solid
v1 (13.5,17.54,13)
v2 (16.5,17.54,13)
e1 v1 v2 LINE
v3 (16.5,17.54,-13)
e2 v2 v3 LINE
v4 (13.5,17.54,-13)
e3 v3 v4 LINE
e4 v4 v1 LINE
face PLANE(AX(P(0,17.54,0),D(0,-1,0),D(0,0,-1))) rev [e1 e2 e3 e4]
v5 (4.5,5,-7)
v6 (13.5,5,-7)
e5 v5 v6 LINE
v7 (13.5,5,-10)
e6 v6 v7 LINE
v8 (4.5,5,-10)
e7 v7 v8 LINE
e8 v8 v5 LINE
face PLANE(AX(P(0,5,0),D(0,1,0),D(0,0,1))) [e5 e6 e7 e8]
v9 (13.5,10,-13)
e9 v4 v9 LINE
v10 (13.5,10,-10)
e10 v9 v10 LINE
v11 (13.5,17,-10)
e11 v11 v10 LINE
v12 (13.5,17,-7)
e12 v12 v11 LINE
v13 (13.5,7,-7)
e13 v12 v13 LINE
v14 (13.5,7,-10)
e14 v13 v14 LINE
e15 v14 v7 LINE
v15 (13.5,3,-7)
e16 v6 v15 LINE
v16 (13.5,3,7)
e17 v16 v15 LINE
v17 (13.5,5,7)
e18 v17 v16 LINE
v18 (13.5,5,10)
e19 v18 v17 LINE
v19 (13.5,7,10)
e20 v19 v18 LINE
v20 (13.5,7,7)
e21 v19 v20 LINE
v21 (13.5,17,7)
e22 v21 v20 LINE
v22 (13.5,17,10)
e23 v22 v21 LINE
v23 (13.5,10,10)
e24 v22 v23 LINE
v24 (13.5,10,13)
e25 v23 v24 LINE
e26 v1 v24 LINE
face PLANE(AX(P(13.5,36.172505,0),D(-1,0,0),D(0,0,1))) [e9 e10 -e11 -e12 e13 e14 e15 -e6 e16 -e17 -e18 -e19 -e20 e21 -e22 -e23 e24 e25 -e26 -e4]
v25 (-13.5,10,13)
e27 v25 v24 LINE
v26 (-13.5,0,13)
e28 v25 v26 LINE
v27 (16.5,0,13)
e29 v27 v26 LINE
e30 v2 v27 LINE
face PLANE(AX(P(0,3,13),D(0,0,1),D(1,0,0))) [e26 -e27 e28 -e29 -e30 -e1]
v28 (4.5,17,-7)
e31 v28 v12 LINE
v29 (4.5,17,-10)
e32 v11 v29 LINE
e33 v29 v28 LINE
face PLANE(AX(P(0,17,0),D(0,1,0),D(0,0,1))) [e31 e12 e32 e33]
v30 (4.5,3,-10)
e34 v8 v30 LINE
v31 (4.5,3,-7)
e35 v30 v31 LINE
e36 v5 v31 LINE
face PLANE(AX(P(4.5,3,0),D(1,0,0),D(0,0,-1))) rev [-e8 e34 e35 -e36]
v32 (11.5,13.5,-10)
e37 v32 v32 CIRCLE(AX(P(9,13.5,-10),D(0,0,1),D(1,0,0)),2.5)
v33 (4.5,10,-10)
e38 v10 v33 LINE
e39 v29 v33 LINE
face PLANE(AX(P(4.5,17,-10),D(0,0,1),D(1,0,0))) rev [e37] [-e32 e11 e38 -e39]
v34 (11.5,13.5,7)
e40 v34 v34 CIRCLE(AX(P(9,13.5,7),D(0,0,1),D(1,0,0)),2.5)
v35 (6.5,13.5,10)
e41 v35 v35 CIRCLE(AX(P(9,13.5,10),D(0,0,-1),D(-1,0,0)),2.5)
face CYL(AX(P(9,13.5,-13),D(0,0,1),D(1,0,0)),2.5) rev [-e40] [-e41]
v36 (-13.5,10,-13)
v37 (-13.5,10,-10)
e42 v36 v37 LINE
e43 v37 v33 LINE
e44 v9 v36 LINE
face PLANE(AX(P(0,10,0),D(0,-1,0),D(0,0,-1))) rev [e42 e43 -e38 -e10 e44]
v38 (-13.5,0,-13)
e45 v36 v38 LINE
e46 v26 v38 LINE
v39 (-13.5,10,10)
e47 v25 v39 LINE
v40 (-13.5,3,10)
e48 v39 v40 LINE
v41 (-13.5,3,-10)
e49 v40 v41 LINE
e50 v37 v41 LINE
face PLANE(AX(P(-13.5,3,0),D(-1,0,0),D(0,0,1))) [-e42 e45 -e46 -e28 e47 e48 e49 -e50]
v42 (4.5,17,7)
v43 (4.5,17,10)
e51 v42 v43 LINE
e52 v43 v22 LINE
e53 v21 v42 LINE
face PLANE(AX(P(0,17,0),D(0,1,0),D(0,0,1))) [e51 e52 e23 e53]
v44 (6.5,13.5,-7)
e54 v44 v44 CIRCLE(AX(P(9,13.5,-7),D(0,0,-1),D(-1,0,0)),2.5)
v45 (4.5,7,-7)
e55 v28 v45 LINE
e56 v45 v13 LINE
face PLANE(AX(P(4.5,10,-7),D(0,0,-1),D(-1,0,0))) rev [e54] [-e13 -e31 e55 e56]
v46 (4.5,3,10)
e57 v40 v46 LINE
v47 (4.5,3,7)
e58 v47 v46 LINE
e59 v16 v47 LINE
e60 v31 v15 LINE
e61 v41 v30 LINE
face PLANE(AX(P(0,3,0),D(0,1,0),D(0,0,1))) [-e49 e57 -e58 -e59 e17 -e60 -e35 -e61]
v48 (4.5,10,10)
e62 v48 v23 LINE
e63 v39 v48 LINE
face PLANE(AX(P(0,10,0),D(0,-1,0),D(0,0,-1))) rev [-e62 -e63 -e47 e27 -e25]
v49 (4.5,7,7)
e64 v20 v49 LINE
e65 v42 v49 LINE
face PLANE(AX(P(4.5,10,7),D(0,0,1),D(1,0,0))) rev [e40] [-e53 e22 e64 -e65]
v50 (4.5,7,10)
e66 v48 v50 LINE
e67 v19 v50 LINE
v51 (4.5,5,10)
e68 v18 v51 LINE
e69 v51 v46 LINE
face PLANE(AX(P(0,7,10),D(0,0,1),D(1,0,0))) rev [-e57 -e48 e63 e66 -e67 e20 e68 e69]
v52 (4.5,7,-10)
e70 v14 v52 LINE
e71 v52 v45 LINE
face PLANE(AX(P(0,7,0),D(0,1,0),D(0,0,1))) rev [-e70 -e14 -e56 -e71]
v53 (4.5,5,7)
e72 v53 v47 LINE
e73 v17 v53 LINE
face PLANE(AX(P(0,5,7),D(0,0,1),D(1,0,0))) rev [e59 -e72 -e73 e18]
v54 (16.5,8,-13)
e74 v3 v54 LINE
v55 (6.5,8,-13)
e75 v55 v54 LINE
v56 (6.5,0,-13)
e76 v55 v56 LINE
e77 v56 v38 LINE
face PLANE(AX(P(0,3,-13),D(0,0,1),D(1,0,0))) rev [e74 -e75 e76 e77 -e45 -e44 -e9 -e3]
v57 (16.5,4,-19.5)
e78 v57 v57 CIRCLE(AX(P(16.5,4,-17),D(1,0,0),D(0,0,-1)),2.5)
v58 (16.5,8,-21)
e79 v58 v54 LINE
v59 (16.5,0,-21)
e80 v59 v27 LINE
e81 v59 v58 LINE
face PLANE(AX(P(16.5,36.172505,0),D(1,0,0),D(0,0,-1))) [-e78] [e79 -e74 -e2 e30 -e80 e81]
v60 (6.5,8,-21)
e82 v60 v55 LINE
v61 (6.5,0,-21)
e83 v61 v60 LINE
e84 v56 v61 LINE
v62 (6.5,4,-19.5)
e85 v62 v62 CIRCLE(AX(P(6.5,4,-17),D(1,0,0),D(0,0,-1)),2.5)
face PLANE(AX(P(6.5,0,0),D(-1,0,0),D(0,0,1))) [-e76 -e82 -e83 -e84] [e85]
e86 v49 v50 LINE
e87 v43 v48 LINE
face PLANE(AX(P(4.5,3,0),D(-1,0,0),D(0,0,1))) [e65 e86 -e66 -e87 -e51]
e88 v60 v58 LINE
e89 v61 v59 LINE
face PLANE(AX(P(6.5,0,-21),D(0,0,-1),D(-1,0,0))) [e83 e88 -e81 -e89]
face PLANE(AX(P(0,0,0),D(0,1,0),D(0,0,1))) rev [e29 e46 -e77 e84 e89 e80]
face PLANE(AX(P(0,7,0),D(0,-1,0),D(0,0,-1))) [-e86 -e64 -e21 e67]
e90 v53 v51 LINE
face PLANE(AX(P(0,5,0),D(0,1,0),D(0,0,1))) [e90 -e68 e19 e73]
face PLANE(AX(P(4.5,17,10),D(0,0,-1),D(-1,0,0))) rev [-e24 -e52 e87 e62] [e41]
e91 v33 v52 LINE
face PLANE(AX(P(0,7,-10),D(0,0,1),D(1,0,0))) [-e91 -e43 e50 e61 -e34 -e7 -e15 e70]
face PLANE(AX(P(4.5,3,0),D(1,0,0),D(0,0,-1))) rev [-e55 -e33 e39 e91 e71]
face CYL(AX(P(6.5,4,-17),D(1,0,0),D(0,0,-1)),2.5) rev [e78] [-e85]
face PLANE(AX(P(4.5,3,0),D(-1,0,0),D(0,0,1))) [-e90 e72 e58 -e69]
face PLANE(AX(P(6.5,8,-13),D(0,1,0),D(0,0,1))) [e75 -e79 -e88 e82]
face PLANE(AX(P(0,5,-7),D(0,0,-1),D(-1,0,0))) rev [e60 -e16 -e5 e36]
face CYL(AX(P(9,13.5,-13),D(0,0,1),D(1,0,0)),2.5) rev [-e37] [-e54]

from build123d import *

# Parameters (mm, degrees)
SKETCH1_W               = 27
SKETCH1_H               = 20
SKETCH1_W_2             = 9
SKETCH1_H_2             = 3
BOSS_EXTRUDE1_DEPTH     = 3
BOSS_EXTRUDE2_START     = 3
SKETCH1_4_W             = 9
SKETCH1_4_H             = 3
BOSS_EXTRUDE2_DEPTH     = 4
SKETCH2_W               = 9
SKETCH2_H               = 6
BOSS_EXTRUDE3_DEPTH     = 3
BOSS_EXTRUDE4_START     = -4
SKETCH2_2_W             = 9
SKETCH2_2_H             = 6
BOSS_EXTRUDE4_DEPTH     = 2
SKETCH1_5_W             = 18
SKETCH1_5_H             = 3
BOSS_EXTRUDE5_DEPTH     = 10
SKETCH3_W               = 3
SKETCH3_H               = 26
BOSS_EXTRUDE6_DEPTH     = 7.54
SKETCH4_W               = 9
SKETCH4_H               = 3
BOSS_EXTRUDE7_DEPTH     = 7
SKETCH5_R               = 2.5
CUT_EXTRUDE1_DEPTH      = 4
CUT_EXTRUDE1_DEPTH_BACK = 24
SKETCH6_W               = 8
SKETCH6_H               = 8
SKETCH6_R               = 2.5
BOSS_EXTRUDE8_DEPTH     = 10


with BuildPart() as part:
    # Sketch1 → Boss-Extrude1 (new body)
    with BuildSketch(Plane(origin=(0, 0, 0), x_dir=(1, 0, 0), z_dir=(0, 1, 0))):
        Rectangle(SKETCH1_W, SKETCH1_H)
        with Locations((9, 11.5)):
            Rectangle(SKETCH1_W_2, SKETCH1_H_2)
        with Locations((9, -11.5)):
            Rectangle(SKETCH1_W_2, SKETCH1_H_2)
    extrude(amount=BOSS_EXTRUDE1_DEPTH)

    # Sketch1<4> → Boss-Extrude2 (add)
    with BuildSketch(Plane(origin=(0, 0, 0), x_dir=(1, 0, 0), z_dir=(0, 1, 0)).offset(BOSS_EXTRUDE2_START)):
        with Locations((9, -11.5)):
            Rectangle(SKETCH1_4_W, SKETCH1_4_H)
        with Locations((9, 11.5)):
            Rectangle(SKETCH1_4_W, SKETCH1_4_H)
    extrude(amount=BOSS_EXTRUDE2_DEPTH)

    # Sketch2 → Boss-Extrude3 (add)
    with BuildSketch(Plane(origin=(0, 7, 0), x_dir=(1, 0, 0), z_dir=(0, 1, 0))):
        with Locations((9, -10)):
            Rectangle(SKETCH2_W, SKETCH2_H)
        with Locations((9, 10)):
            Rectangle(SKETCH2_W, SKETCH2_H)
    extrude(amount=BOSS_EXTRUDE3_DEPTH)

    # Sketch2<2> → Boss-Extrude4 (add)
    with BuildSketch(Plane(origin=(0, 7, 0), x_dir=(1, 0, 0), z_dir=(0, 1, 0)).offset(BOSS_EXTRUDE4_START)):
        with Locations((9, -10)):
            Rectangle(SKETCH2_2_W, SKETCH2_2_H)
        with Locations((9, 10)):
            Rectangle(SKETCH2_2_W, SKETCH2_2_H)
    extrude(amount=BOSS_EXTRUDE4_DEPTH)

    # Sketch1<5> → Boss-Extrude5 (add)
    with BuildSketch(Plane(origin=(0, 0, 0), x_dir=(1, 0, 0), z_dir=(0, 1, 0))):
        Polygon((16.5, -13), (13.5, -13), (13.5, -10), (13.5, 10), (13.5, 13), (16.5, 13), align=None)
        with Locations((-4.5, -11.5)):
            Rectangle(SKETCH1_5_W, SKETCH1_5_H)
        with Locations((-4.5, 11.5)):
            Rectangle(SKETCH1_5_W, SKETCH1_5_H)
    extrude(amount=BOSS_EXTRUDE5_DEPTH)

    # Sketch3 → Boss-Extrude6 (add)
    with BuildSketch(Plane(origin=(0, 10, 0), x_dir=(1, 0, 0), z_dir=(0, 1, 0))):
        with Locations((15, 0)):
            Rectangle(SKETCH3_W, SKETCH3_H)
    extrude(amount=BOSS_EXTRUDE6_DEPTH)

    # Sketch4 → Boss-Extrude7 (add)
    with BuildSketch(Plane(origin=(0, 10, 0), x_dir=(1, 0, 0), z_dir=(0, 1, 0))):
        with Locations((9, 8.5)):
            Rectangle(SKETCH4_W, SKETCH4_H)
        with Locations((9, -8.5)):
            Rectangle(SKETCH4_W, SKETCH4_H)
    extrude(amount=BOSS_EXTRUDE7_DEPTH)

    # Sketch5 → Cut-Extrude1 (cut, two sides)
    with BuildSketch(Plane.XY.offset(10)) as cut_extrude1_sk:
        with Locations((9, 13.5)):
            Circle(SKETCH5_R)
    extrude(amount=CUT_EXTRUDE1_DEPTH, mode=Mode.SUBTRACT)
    extrude(cut_extrude1_sk.sketch, amount=-CUT_EXTRUDE1_DEPTH_BACK, mode=Mode.SUBTRACT)

    # Sketch6 → Boss-Extrude8 (add)
    with BuildSketch(Plane(origin=(16.5, 0, 0), x_dir=(0, 0, -1), z_dir=(1, 0, 0))):
        with Locations((17, 4)):
            Rectangle(SKETCH6_W, SKETCH6_H)
        with Locations((17, 4)):
            Circle(SKETCH6_R, mode=Mode.SUBTRACT)
    extrude(amount=-BOSS_EXTRUDE8_DEPTH)


solid = part.part
